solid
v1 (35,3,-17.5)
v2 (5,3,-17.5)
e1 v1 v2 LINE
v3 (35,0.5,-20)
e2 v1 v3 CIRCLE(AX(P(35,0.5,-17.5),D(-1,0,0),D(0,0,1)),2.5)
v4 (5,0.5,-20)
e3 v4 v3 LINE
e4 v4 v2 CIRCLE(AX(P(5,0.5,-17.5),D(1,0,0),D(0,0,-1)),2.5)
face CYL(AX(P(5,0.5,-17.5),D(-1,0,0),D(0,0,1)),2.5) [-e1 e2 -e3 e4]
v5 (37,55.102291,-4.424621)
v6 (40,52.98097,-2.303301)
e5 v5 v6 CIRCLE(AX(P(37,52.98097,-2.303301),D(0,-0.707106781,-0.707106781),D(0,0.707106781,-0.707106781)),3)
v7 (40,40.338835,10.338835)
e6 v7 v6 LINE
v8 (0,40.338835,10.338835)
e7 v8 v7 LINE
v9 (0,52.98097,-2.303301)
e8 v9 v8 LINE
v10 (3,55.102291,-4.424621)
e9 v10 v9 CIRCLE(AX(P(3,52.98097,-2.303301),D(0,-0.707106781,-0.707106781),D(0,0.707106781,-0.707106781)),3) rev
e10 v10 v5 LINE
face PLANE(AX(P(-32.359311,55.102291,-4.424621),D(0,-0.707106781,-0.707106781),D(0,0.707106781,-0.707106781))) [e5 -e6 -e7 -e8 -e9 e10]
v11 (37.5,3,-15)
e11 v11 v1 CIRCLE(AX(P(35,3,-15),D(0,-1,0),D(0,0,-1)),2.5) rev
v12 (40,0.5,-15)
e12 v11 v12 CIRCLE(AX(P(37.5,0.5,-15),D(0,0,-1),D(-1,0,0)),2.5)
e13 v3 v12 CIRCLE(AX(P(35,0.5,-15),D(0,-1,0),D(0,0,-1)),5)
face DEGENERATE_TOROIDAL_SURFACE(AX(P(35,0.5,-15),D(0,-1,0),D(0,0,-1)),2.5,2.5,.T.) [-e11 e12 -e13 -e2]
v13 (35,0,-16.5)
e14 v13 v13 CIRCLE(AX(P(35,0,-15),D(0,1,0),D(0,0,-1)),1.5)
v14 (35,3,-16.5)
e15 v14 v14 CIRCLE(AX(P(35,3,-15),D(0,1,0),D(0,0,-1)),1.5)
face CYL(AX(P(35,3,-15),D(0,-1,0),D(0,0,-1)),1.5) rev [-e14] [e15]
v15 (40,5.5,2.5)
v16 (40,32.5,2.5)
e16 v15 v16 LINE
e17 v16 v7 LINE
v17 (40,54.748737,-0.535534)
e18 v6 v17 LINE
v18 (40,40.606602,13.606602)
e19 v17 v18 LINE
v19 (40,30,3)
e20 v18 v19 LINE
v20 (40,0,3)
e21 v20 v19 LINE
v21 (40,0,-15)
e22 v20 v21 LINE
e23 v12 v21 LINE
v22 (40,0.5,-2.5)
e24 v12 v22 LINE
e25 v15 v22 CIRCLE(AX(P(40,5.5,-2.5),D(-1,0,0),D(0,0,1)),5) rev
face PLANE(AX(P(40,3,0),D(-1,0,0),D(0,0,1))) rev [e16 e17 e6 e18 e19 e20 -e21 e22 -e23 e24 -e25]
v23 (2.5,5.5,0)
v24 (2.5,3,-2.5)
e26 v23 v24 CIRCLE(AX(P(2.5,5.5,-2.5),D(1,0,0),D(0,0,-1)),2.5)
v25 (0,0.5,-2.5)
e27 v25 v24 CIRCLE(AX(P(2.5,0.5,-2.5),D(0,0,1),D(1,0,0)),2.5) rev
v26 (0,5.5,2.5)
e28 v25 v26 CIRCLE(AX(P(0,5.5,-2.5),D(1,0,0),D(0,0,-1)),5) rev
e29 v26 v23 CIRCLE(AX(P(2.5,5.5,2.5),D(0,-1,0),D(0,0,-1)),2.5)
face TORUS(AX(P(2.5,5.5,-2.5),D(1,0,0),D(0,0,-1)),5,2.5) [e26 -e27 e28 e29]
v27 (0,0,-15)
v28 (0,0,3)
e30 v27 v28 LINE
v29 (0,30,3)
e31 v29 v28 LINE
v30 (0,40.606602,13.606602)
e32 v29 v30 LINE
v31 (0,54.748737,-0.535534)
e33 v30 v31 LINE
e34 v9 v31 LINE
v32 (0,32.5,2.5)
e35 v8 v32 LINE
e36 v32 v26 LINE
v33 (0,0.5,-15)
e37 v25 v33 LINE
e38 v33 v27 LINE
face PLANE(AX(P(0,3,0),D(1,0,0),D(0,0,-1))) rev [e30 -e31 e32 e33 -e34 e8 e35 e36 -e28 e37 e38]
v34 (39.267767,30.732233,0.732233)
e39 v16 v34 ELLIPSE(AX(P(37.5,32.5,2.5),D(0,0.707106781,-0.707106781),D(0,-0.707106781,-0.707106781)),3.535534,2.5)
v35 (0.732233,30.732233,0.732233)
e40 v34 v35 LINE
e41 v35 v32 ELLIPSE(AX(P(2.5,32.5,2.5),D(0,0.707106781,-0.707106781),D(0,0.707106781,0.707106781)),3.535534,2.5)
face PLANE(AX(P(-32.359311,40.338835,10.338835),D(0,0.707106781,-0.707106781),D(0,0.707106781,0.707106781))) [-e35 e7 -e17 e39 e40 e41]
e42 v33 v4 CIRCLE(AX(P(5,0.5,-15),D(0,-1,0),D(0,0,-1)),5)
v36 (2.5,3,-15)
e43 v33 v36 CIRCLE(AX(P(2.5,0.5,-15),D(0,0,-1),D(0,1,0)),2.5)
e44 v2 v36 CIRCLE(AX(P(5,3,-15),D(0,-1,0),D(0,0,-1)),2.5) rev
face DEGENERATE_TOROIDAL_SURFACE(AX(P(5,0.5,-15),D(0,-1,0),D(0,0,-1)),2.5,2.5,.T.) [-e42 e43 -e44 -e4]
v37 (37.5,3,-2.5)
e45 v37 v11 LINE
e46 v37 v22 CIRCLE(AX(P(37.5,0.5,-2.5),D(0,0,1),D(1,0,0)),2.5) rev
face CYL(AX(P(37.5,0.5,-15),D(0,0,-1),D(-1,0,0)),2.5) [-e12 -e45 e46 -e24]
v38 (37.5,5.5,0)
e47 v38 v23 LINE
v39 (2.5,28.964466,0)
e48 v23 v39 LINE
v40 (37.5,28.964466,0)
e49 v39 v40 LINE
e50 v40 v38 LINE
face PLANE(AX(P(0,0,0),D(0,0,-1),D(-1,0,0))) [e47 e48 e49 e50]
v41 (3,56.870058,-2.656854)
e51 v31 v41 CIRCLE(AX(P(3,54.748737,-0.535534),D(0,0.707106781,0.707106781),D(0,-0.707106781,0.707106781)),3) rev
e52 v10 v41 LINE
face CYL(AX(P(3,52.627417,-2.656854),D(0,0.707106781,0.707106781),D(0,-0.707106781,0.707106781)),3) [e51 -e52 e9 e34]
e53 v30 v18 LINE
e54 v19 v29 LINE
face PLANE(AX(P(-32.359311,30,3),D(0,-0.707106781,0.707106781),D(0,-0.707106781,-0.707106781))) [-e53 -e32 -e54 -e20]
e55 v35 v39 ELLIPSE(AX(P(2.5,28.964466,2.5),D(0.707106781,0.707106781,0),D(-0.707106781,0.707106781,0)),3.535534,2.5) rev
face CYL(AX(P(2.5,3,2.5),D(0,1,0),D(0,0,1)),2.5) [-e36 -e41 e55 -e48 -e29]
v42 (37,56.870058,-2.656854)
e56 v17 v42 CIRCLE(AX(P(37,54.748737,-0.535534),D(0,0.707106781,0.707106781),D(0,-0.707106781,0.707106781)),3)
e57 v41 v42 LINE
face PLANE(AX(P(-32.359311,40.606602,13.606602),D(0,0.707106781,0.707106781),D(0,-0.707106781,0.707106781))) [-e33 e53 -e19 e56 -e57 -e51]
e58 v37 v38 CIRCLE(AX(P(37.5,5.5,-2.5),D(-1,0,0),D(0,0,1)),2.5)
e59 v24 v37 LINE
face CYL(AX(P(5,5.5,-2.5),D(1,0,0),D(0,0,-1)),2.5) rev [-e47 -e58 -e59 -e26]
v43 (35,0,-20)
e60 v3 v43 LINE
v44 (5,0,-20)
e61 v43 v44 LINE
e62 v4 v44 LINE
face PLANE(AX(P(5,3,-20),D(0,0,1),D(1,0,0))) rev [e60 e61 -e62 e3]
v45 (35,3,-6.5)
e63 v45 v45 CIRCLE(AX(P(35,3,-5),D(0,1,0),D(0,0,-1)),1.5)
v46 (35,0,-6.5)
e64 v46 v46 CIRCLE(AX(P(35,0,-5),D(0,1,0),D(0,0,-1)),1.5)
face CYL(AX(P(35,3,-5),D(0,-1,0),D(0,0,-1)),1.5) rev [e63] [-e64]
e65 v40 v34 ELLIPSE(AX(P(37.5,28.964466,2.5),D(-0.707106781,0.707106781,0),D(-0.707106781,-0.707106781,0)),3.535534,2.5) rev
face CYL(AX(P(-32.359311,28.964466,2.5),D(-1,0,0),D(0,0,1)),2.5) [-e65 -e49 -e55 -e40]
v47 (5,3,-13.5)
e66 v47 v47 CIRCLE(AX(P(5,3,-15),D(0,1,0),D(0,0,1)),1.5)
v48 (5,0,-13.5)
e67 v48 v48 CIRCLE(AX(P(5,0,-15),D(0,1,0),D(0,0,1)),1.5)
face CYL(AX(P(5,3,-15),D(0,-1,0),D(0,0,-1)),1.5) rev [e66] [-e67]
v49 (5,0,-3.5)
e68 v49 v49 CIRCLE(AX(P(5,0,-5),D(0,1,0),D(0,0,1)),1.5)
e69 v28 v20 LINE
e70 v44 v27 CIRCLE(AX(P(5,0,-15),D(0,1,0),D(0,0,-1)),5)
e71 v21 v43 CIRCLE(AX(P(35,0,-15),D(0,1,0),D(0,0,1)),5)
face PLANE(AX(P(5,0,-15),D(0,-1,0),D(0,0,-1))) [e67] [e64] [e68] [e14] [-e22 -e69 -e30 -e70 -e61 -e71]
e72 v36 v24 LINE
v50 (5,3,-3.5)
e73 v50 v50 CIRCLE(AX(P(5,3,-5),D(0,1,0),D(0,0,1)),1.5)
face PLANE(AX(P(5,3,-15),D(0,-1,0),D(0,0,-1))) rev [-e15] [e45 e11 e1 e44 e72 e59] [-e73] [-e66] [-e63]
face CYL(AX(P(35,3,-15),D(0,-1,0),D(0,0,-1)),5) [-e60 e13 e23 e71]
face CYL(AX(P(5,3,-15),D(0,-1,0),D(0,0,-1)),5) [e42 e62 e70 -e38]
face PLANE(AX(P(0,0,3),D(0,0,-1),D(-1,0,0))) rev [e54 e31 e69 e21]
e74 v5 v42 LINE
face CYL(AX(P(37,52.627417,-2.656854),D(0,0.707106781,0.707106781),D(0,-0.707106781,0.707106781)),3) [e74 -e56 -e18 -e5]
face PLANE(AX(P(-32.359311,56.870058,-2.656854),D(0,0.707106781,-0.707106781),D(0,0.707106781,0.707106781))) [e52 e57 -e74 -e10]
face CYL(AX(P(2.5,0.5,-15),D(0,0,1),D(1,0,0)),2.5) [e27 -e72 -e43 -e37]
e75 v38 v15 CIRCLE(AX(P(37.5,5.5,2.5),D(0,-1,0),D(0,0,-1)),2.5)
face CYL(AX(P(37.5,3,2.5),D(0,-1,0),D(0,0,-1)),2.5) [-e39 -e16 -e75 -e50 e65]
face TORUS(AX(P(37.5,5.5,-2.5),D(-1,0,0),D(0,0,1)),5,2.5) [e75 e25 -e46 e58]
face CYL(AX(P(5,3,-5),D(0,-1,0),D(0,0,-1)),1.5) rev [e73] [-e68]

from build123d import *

# Parameters (mm, degrees)
SKETCH1_R           = 1.5
BOSS_EXTRUDE1_DEPTH = 3
SKETCH2_W           = 40
SKETCH2_H           = 30
BOSS_EXTRUDE2_DEPTH = 3
BOSS_EXTRUDE3_DEPTH = 40
CUT_EXTRUDE1_DEPTH  = 3
FILLET2_R           = 2.5


with BuildPart() as part:
    # Sketch1 → Boss-Extrude1 (new body)
    with BuildSketch(Plane(origin=(0, 0, 0), x_dir=(1, 0, 0), z_dir=(0, 1, 0))):
        with BuildLine():
            Line((40, 0), (40, 15))
            ThreePointArc((40, 15), (38.535533906, 18.535533906), (35, 20))
            Line((35, 20), (5, 20))
            ThreePointArc((5, 20), (1.464466094, 18.535533906), (0, 15))
            Line((0, 15), (0, 0))
            Line((0, 0), (40, 0))
        make_face()
        with Locations((5, 15)):
            Circle(SKETCH1_R, mode=Mode.SUBTRACT)
        with Locations((5, 5)):
            Circle(SKETCH1_R, mode=Mode.SUBTRACT)
        with Locations((35, 15)):
            Circle(SKETCH1_R, mode=Mode.SUBTRACT)
        with Locations((35, 5)):
            Circle(SKETCH1_R, mode=Mode.SUBTRACT)
    extrude(amount=BOSS_EXTRUDE1_DEPTH)

    # Sketch2 → Boss-Extrude2 (add)
    with BuildSketch(Plane.XY):
        with Locations((20, 15)):
            Rectangle(SKETCH2_W, SKETCH2_H)
    extrude(amount=BOSS_EXTRUDE2_DEPTH)

    # Sketch3 → Boss-Extrude3 (add)
    with BuildSketch(Plane(origin=(40, 0, 0), x_dir=(0, 0, -1), z_dir=(1, 0, 0))):
        Polygon((-3, 30), (-13.606601718, 40.606601718), (-11.485281374, 42.727922061), (2.656854249, 56.870057685), (4.424621202, 55.102290732), (-10.338834765, 40.338834765), (0, 30), align=None)
    extrude(amount=-BOSS_EXTRUDE3_DEPTH)

    # Sketch4 → Cut-Extrude1 (cut)
    with BuildSketch(Plane(origin=(0, 27.106601718, 27.106601718), x_dir=(1, 0, 0), z_dir=(0, 0.707106781, 0.707106781))):
        with BuildLine():
            Line((3, 42.091883092), (0, 42.091883092))
            Line((0, 42.091883092), (0, 39.091883092))
            ThreePointArc((0, 39.091883092), (0.878679656, 41.213203436), (3, 42.091883092))
        make_face()
        with BuildLine():
            Line((40, 42.091883092), (37, 42.091883092))
            ThreePointArc((37, 42.091883092), (39.121320344, 41.213203436), (40, 39.091883092))
            Line((40, 39.091883092), (40, 42.091883092))
        make_face()
    extrude(amount=-CUT_EXTRUDE1_DEPTH, mode=Mode.SUBTRACT)

    # Fillet2
    fillet2_edges = [part.edges().sort_by_distance(p)[0] for p in [
        (40, 3, -7.5),
        (38.535533906, 3, -18.535533906),
        (20, 3, -20),
        (1.464466094, 3, -18.535533906),
        (0, 16.5, 0),
        (40, 16.5, 0),
        (20, 30, 0),
        (0, 3, -7.5),
        (20, 3, 0),
    ]]
    fillet(fillet2_edges, radius=FILLET2_R)


solid = part.part
